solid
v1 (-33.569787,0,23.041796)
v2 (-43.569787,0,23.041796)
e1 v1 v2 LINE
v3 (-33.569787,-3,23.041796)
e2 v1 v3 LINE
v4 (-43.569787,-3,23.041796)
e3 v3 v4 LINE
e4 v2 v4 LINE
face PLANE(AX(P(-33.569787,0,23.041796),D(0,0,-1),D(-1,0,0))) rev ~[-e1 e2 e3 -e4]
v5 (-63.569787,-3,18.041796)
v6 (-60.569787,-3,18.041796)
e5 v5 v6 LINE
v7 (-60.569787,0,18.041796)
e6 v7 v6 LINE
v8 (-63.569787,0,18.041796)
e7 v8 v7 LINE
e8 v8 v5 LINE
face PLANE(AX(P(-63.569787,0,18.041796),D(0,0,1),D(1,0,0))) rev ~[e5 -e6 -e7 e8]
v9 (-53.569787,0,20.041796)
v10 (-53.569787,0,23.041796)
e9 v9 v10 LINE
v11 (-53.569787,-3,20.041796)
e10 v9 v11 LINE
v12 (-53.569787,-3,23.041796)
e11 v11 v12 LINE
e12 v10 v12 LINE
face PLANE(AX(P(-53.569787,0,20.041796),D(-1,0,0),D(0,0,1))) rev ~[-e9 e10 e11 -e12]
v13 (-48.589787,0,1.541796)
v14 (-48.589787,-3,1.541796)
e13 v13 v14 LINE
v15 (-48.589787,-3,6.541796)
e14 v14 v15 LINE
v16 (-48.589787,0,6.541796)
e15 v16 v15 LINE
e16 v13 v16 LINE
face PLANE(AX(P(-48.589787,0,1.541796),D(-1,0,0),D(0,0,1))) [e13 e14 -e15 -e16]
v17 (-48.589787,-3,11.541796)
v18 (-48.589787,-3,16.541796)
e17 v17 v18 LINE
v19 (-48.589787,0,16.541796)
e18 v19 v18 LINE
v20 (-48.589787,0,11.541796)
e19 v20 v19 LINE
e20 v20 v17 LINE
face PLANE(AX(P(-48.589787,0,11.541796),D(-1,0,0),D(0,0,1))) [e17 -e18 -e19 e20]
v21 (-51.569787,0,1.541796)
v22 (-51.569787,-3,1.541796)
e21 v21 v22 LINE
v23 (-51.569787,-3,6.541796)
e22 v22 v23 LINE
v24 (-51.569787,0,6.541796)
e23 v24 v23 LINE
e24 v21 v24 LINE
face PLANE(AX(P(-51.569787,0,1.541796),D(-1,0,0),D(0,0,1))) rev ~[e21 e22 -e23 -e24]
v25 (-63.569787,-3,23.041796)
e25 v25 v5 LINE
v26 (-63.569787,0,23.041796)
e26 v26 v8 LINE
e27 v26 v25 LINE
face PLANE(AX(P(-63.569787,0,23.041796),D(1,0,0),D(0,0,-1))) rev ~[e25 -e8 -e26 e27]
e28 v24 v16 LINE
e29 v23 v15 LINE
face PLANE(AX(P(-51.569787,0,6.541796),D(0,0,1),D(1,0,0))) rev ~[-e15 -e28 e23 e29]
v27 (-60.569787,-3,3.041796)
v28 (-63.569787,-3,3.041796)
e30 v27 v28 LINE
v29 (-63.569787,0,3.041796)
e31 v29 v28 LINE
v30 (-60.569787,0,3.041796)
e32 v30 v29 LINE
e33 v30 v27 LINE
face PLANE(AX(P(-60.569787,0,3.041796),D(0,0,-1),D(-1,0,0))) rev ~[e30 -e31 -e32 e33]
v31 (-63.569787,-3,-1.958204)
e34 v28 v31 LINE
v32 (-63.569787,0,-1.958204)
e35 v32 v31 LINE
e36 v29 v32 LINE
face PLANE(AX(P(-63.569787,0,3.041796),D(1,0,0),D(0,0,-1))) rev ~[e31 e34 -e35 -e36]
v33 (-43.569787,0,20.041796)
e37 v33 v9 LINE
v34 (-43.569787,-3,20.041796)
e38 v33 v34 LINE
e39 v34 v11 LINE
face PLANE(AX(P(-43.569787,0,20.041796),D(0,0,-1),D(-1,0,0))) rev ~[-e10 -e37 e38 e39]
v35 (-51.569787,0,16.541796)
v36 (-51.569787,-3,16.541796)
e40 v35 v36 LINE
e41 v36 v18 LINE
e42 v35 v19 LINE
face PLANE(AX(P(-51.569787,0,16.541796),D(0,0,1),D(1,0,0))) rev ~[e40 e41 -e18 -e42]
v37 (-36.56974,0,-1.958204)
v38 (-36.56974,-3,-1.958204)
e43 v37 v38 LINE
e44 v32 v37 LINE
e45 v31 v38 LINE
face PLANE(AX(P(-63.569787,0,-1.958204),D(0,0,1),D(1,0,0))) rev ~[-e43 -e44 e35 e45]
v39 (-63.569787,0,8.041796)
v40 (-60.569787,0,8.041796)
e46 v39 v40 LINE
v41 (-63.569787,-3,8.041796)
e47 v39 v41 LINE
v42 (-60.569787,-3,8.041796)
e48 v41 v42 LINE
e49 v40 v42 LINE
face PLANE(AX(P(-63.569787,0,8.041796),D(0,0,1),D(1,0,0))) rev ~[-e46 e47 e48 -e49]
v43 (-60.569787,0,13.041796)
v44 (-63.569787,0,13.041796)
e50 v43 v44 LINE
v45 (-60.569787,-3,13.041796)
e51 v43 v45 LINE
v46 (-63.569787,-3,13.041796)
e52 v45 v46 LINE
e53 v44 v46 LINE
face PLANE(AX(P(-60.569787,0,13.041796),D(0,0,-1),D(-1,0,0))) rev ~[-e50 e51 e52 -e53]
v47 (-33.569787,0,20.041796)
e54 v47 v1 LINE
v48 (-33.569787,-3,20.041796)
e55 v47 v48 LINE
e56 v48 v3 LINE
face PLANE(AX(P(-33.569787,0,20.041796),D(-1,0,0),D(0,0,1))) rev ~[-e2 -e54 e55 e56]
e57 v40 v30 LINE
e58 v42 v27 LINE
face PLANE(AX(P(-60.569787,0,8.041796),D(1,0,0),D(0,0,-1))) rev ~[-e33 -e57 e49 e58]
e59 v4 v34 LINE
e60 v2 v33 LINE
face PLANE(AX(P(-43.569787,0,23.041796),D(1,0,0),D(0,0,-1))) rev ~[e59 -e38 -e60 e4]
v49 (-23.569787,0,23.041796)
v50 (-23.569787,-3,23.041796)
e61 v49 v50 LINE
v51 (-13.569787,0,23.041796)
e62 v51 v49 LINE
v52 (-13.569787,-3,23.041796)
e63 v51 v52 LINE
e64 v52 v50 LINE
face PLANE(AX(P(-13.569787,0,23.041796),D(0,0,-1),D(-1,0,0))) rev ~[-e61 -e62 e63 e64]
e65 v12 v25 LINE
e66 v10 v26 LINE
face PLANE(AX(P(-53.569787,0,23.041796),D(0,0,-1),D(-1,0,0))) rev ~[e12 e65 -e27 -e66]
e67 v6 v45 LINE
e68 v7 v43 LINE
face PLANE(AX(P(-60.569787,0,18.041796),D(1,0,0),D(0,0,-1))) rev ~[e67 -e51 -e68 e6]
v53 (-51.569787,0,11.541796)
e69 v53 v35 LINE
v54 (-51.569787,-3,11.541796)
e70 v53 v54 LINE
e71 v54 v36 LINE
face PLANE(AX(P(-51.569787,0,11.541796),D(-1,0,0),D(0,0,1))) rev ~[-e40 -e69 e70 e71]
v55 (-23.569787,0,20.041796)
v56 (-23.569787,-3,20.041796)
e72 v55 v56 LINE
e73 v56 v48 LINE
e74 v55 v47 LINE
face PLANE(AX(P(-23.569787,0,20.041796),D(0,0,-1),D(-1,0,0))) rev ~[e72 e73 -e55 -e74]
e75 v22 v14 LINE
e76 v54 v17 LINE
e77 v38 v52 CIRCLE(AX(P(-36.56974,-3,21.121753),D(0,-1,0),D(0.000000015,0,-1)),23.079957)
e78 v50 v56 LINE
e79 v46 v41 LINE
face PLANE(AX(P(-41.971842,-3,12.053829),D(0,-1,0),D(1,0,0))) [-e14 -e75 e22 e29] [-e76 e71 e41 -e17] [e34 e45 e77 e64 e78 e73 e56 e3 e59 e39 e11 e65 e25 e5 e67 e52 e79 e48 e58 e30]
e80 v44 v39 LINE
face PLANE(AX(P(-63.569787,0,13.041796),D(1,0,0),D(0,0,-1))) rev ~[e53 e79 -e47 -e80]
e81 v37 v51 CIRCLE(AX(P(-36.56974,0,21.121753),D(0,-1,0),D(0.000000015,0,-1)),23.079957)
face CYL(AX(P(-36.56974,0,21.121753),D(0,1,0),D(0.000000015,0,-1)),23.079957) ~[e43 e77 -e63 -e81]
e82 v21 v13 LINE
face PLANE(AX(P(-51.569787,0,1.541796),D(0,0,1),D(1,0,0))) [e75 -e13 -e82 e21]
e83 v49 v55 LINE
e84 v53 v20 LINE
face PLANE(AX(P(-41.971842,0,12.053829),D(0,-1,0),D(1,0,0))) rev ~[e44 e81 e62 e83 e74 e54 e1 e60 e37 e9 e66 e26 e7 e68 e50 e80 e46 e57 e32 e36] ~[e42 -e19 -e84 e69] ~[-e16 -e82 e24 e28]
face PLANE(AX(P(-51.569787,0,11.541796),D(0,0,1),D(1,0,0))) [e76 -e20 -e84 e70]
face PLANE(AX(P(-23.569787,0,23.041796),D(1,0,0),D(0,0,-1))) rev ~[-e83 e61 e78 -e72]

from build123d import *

# Parameters (mm, degrees)
F0_W     = 2.98
F0_H     = 5
F1_DEPTH = 3


with BuildPart() as f1:
    # F0 (on Front) → F1 (new body)
    with BuildSketch(Plane.XZ):
        with BuildLine():
            Line((-63.569787, -1.958204), (-36.56974, -1.958204))
            ThreePointArc((-36.56974, -1.958204), (-19.584468, 5.495335), (-13.569787, 23.041796))
            Line((-13.569787, 23.041796), (-23.569787, 23.041796))
            Line((-23.569787, 23.041796), (-23.569787, 20.041796))
            Line((-23.569787, 20.041796), (-33.569787, 20.041796))
            Line((-33.569787, 20.041796), (-33.569787, 23.041796))
            Line((-33.569787, 23.041796), (-43.569787, 23.041796))
            Line((-43.569787, 23.041796), (-43.569787, 20.041796))
            Line((-43.569787, 20.041796), (-53.569787, 20.041796))
            Line((-53.569787, 20.041796), (-53.569787, 23.041796))
            Line((-53.569787, 23.041796), (-63.569787, 23.041796))
            Line((-63.569787, 23.041796), (-63.569787, 18.041796))
            Line((-63.569787, 18.041796), (-60.569787, 18.041796))
            Line((-60.569787, 18.041796), (-60.569787, 13.041796))
            Line((-60.569787, 13.041796), (-63.569787, 13.041796))
            Line((-63.569787, 13.041796), (-63.569787, 8.041796))
            Line((-63.569787, 8.041796), (-60.569787, 8.041796))
            Line((-60.569787, 8.041796), (-60.569787, 3.041796))
            Line((-60.569787, 3.041796), (-63.569787, 3.041796))
            Line((-63.569787, 3.041796), (-63.569787, -1.958204))
        make_face()
        with Locations((-50.079787, 4.041796)):
            Rectangle(F0_W, F0_H, mode=Mode.SUBTRACT)
        with Locations((-50.079787, 14.041796)):
            Rectangle(F0_W, F0_H, mode=Mode.SUBTRACT)
    extrude(amount=F1_DEPTH)


solid = f1.part
